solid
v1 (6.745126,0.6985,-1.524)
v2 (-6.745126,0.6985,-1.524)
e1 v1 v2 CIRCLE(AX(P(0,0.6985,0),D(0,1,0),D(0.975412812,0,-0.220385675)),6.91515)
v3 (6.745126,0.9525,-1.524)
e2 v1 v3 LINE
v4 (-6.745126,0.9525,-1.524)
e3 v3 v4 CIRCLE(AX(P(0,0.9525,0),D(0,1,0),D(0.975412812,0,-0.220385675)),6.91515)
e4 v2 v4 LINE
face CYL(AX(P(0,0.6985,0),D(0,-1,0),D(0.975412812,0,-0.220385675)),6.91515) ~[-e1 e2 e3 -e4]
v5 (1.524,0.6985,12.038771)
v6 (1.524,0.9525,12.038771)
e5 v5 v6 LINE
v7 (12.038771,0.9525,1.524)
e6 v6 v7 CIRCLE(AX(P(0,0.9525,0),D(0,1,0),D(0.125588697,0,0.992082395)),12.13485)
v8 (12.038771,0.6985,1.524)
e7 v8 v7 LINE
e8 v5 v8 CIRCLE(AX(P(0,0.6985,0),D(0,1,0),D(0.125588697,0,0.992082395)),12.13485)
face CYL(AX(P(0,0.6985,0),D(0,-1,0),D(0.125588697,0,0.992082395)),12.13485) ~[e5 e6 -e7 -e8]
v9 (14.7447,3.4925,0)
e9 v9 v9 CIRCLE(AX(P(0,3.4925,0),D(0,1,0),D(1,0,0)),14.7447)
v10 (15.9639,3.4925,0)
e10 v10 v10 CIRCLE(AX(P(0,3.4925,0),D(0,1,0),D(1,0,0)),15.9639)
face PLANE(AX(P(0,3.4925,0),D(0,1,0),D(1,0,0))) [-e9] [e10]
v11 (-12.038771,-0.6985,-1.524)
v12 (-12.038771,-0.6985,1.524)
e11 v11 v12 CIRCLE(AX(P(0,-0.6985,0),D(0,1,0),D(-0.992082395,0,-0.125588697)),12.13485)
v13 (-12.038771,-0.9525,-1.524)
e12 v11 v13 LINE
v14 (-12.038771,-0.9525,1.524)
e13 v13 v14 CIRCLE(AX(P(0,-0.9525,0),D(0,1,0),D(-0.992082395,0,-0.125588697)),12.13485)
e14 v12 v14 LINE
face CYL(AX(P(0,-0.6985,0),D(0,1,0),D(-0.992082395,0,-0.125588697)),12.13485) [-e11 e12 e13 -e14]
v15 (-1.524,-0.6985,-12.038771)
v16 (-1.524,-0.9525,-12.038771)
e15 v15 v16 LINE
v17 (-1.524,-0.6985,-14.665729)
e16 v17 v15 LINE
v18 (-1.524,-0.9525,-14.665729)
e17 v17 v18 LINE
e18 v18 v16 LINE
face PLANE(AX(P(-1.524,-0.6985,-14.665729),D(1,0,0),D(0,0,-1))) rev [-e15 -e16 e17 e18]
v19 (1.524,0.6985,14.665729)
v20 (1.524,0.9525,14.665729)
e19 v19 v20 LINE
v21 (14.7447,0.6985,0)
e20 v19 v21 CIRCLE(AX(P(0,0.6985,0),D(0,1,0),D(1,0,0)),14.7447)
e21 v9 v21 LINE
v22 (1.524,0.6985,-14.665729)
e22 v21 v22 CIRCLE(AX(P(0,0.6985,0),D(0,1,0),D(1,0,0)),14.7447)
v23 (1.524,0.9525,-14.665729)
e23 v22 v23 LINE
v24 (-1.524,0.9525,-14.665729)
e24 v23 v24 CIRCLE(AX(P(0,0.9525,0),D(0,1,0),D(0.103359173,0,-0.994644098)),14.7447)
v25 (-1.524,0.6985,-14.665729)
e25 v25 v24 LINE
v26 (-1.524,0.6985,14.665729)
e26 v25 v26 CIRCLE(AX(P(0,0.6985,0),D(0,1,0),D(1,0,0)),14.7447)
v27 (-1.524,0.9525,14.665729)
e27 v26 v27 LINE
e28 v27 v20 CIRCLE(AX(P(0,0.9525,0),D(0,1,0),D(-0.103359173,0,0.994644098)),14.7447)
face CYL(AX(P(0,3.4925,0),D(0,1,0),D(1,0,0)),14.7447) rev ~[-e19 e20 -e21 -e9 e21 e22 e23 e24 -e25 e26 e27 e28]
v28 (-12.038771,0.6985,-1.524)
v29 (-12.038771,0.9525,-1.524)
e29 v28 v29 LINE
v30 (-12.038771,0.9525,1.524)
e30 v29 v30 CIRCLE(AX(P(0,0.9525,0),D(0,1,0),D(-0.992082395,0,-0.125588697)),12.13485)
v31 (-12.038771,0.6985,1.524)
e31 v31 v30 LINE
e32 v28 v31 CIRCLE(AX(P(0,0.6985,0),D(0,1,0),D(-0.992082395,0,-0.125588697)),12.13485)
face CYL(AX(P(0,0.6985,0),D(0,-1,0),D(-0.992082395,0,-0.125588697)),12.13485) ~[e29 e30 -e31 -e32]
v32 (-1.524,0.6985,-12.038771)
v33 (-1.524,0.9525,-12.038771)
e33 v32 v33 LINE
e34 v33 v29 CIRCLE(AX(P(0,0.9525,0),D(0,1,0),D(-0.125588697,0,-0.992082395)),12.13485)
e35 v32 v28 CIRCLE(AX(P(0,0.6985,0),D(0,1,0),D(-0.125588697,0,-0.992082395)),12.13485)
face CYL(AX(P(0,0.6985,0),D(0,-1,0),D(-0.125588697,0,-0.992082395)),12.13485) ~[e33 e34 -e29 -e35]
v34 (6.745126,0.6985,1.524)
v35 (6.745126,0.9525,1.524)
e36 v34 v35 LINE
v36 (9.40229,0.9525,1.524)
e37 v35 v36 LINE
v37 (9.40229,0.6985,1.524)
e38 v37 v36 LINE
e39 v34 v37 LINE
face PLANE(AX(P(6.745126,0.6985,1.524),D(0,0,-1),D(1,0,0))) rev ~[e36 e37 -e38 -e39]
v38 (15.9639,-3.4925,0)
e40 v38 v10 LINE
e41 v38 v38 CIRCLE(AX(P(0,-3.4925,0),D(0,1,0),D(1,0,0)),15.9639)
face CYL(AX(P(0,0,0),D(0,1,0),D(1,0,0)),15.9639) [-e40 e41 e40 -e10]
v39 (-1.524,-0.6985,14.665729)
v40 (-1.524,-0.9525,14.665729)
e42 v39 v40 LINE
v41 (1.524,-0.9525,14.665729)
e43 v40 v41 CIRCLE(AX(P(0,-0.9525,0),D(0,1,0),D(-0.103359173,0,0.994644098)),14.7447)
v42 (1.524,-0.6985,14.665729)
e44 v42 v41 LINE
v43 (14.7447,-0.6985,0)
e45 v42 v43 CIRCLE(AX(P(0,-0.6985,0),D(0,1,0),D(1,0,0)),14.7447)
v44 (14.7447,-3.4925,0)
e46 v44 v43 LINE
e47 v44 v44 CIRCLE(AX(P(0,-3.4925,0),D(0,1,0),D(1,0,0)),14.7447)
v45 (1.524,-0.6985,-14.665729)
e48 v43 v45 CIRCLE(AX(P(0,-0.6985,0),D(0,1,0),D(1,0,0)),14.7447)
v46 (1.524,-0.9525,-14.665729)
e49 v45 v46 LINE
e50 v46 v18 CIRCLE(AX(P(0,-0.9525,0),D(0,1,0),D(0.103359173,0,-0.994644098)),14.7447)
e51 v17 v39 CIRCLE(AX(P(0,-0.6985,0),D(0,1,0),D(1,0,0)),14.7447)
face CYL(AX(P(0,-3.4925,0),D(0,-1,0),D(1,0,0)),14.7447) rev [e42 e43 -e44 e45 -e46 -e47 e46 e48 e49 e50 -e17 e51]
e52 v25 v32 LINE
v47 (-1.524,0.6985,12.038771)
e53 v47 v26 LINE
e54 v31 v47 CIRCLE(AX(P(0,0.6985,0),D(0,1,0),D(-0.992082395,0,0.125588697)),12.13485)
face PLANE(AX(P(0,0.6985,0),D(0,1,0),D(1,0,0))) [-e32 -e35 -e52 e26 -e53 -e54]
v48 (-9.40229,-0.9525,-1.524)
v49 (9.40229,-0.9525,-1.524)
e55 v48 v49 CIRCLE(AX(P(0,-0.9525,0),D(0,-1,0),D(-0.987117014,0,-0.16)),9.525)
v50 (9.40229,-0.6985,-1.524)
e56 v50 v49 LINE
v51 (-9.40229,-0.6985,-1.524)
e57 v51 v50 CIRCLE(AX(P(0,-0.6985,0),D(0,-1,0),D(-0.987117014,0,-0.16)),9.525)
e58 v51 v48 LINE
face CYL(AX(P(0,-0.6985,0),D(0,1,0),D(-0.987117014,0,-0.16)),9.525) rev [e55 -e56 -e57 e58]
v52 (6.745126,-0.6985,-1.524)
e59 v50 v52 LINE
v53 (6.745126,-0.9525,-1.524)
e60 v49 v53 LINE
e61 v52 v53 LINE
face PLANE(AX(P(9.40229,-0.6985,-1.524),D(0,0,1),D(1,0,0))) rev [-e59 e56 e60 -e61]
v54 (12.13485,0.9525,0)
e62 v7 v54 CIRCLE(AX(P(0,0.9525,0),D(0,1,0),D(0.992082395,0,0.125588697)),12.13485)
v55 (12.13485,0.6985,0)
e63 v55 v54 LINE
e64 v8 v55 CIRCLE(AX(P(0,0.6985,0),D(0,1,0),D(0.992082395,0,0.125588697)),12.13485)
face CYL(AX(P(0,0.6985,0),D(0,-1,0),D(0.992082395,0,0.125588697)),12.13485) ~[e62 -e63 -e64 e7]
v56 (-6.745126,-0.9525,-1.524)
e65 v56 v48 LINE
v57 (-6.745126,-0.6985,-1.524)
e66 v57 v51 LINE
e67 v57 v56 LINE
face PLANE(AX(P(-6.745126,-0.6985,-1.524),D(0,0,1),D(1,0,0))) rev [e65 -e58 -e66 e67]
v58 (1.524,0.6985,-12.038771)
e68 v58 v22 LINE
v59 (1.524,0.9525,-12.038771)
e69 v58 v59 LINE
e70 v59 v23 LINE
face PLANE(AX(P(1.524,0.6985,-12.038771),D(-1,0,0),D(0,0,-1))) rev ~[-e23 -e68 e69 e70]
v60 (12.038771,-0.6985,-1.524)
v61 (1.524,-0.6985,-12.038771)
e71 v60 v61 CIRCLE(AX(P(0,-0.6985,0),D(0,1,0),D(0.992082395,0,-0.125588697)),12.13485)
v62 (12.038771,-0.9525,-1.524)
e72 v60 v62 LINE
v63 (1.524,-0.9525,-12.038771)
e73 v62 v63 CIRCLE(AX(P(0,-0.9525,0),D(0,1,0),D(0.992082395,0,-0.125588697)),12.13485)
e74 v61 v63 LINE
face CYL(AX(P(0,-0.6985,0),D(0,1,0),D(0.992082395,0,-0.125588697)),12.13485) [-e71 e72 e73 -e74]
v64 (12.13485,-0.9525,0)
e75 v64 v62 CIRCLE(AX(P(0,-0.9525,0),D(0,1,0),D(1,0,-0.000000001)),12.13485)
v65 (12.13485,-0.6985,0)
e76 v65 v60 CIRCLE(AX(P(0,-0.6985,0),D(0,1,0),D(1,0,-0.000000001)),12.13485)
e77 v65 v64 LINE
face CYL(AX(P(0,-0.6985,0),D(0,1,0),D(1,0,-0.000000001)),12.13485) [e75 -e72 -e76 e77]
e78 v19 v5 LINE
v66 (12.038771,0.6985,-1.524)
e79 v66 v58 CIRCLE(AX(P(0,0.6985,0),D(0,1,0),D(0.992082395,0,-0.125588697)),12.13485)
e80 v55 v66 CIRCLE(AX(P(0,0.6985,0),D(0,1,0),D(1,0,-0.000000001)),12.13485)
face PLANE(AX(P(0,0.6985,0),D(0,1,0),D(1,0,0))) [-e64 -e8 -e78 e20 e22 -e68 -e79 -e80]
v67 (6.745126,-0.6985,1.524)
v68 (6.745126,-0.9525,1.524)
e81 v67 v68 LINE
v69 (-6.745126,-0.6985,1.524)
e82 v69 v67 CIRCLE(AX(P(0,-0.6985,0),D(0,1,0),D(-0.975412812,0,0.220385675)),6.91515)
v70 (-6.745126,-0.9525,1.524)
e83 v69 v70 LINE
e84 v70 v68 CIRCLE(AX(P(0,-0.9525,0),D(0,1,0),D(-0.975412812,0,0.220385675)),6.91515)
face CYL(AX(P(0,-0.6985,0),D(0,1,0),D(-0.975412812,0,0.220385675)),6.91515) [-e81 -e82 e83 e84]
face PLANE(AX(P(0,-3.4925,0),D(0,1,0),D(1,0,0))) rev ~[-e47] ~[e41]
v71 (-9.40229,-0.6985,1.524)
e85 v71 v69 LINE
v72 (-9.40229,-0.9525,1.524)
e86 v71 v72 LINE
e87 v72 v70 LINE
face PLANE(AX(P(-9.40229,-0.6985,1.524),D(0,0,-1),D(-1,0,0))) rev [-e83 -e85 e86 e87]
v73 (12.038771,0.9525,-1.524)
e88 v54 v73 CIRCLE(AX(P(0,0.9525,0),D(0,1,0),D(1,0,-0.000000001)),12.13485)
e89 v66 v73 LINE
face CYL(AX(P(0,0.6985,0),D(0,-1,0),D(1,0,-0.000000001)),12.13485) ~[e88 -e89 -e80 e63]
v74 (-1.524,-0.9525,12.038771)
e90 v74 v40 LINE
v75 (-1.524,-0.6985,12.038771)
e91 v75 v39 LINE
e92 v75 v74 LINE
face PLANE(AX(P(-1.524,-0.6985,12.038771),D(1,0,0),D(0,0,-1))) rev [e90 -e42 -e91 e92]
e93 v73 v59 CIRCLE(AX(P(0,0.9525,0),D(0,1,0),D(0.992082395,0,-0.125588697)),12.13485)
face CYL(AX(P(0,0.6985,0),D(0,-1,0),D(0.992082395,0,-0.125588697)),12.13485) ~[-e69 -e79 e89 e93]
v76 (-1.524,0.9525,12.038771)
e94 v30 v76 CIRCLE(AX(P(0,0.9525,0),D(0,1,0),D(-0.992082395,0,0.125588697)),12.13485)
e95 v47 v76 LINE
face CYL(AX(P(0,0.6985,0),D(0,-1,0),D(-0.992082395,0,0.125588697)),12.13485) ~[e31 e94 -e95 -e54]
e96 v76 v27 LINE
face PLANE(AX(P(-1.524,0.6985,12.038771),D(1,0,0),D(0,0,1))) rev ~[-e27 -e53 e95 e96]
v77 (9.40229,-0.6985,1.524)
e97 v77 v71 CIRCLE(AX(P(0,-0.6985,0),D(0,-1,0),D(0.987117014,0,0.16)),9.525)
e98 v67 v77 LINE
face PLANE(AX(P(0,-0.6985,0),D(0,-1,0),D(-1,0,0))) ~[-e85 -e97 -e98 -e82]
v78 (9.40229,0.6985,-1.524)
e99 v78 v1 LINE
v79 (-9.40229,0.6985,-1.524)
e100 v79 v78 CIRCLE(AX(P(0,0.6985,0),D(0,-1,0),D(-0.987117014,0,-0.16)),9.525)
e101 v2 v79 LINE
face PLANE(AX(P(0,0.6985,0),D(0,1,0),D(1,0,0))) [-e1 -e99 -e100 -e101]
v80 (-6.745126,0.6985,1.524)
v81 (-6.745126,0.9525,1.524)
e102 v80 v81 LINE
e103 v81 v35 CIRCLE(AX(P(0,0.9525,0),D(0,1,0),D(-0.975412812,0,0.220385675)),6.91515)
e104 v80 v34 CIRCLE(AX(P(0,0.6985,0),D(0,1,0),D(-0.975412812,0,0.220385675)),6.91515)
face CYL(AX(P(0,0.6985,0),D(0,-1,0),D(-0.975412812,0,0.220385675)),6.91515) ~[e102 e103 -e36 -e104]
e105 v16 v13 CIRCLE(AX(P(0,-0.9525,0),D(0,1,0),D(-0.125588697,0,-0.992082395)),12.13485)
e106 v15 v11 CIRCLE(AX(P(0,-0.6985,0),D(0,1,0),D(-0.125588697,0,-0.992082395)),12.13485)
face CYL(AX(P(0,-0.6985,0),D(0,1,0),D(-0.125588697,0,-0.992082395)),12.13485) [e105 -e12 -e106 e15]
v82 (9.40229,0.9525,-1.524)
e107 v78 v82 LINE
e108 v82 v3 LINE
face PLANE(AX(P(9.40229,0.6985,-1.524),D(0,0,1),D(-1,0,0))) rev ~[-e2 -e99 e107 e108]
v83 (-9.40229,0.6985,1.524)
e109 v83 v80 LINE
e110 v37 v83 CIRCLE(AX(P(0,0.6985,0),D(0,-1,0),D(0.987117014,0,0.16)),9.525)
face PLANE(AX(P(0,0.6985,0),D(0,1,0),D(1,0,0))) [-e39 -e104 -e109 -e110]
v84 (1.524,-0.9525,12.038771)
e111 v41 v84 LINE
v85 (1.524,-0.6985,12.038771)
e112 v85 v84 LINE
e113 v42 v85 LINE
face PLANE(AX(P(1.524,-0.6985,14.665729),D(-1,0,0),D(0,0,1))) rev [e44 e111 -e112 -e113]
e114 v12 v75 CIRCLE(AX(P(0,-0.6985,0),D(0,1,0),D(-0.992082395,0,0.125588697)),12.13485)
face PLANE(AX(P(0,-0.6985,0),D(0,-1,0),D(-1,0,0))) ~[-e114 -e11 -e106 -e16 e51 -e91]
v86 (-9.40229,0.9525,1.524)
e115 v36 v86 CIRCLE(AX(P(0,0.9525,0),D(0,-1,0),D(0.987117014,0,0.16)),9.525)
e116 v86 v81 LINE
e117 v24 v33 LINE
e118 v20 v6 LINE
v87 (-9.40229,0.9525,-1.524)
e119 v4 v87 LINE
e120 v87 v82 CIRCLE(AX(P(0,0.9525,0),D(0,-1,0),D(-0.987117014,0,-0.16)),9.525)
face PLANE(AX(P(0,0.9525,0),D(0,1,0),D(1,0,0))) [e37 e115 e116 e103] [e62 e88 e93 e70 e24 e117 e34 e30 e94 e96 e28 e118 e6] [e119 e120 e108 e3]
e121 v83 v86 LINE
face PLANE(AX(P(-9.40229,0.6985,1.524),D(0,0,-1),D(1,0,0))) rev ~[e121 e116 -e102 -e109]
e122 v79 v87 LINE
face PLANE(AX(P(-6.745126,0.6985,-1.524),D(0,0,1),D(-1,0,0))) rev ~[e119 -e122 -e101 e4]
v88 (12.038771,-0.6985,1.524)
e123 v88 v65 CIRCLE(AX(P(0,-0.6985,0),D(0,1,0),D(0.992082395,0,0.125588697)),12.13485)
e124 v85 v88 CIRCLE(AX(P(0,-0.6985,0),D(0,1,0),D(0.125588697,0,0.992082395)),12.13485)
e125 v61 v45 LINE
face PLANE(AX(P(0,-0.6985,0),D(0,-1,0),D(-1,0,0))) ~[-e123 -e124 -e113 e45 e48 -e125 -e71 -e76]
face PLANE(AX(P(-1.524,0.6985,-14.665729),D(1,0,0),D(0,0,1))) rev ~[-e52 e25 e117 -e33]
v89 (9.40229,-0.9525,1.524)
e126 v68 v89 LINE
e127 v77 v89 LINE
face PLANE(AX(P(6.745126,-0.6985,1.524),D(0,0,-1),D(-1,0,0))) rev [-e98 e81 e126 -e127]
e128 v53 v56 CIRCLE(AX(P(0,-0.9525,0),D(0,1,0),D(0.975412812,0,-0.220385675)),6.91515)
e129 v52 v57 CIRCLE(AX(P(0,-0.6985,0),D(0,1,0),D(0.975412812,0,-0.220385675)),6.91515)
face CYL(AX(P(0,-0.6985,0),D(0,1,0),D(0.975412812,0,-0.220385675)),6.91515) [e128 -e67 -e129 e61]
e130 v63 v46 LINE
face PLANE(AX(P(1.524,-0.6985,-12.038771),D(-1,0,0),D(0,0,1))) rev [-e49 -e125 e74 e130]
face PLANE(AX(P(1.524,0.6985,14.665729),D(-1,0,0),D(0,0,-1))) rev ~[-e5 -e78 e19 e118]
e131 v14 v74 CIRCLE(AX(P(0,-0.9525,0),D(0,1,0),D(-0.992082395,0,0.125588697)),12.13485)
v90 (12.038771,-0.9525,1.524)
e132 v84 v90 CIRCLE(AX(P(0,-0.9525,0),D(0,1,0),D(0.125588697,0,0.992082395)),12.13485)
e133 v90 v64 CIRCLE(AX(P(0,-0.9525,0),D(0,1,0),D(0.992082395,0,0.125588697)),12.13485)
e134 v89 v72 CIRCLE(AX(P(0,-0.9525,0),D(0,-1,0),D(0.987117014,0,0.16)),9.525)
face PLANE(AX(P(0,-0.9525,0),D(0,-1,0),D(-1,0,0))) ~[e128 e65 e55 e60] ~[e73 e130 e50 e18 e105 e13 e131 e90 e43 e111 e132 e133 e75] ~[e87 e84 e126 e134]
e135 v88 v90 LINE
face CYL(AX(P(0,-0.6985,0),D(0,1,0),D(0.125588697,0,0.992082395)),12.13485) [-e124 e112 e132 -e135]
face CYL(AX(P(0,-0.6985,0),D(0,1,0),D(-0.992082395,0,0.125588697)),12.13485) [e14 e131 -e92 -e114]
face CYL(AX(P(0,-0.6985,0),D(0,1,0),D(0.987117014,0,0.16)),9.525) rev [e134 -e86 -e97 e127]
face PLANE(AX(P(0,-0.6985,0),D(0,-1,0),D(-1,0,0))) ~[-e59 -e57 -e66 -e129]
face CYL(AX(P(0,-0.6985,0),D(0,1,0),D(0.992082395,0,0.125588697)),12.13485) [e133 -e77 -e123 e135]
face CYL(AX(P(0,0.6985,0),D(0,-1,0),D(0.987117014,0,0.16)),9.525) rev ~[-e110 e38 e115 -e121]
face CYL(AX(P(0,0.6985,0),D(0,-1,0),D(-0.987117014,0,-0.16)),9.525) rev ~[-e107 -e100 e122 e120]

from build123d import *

# Parameters (mm, degrees)
SKETCH1_R           = 15.9639
BOSS_EXTRUDE1_DEPTH = 3.4925
SKETCH2_R           = 14.7447
CUT_EXTRUDE1_DEPTH  = 2.794
BOSS_EXTRUDE2_DEPTH = 0.254


with BuildPart() as part:
    # Sketch1 → Boss-Extrude1 (new body, symmetric)
    with BuildSketch(Plane(origin=(0, 0, 0), x_dir=(1, 0, 0), z_dir=(0, 1, 0))):
        Circle(SKETCH1_R)
    extrude(amount=BOSS_EXTRUDE1_DEPTH, both=True)

    # Sketch2 → Cut-Extrude1 (cut)
    with BuildSketch(Plane(origin=(0, 3.4925, 0), x_dir=(1, 0, 0), z_dir=(0, 1, 0))):
        Circle(SKETCH2_R)
    cut_extrude1 = extrude(amount=-CUT_EXTRUDE1_DEPTH, mode=Mode.SUBTRACT)

    # Sketch3 → Boss-Extrude2 (add)
    with BuildSketch(Plane(origin=(0, 0.6985, 0), x_dir=(1, 0, 0), z_dir=(0, 1, 0))):
        with BuildLine():
            ThreePointArc((6.745125909, 1.524), (0, 6.91515), (-6.745125909, 1.524))
            Line((-6.745125909, 1.524), (-6.745125909, -1.524))
            ThreePointArc((-6.745125909, -1.524), (0, -6.91515), (6.745125909, -1.524))
            Line((6.745125909, -1.524), (6.745125909, 1.524))
        make_face()
        with BuildLine():
            ThreePointArc((-12.038771055, -1.524), (-8.580634724, -8.580634724), (-1.524, -12.038771055))
            Line((-1.524, -12.038771055), (1.524, -12.038771055))
            ThreePointArc((1.524, -12.038771055), (8.580634724, -8.580634724), (12.038771055, -1.524))
            Line((12.038771055, -1.524), (9.402289562, -1.524))
            ThreePointArc((9.402289562, -1.524), (0, -9.525), (-9.402289562, -1.524))
            Line((-9.402289562, -1.524), (-12.038771055, -1.524))
        make_face()
        with BuildLine():
            Line((1.524, 12.038771055), (-1.524, 12.038771055))
            ThreePointArc((-1.524, 12.038771055), (-8.580634724, 8.580634724), (-12.038771055, 1.524))
            Line((-12.038771055, 1.524), (-9.402289562, 1.524))
            ThreePointArc((-9.402289562, 1.524), (0, 9.525), (9.402289562, 1.524))
            Line((9.402289562, 1.524), (12.038771055, 1.524))
            ThreePointArc((12.038771055, 1.524), (8.580634724, 8.580634724), (1.524, 12.038771055))
        make_face()
        with BuildLine():
            ThreePointArc((1.524, 14.665728829), (0, 14.7447), (-1.524, 14.665728829))
            Line((-1.524, 14.665728829), (-1.524, 12.038771055))
            ThreePointArc((-1.524, 12.038771055), (0, 12.13485), (1.524, 12.038771055))
            Line((1.524, 12.038771055), (1.524, 14.665728829))
        make_face()
        with BuildLine():
            Line((-6.745125909, 1.524), (-9.402289562, 1.524))
            ThreePointArc((-9.402289562, 1.524), (-9.525, 0), (-9.402289562, -1.524))
            Line((-9.402289562, -1.524), (-6.745125909, -1.524))
            ThreePointArc((-6.745125909, -1.524), (-6.91515, 0), (-6.745125909, 1.524))
        make_face()
        with BuildLine():
            ThreePointArc((9.525, 0), (9.494272828, 0.764466129), (9.402289562, 1.524))
            Line((9.402289562, 1.524), (6.745125909, 1.524))
            ThreePointArc((6.745125909, 1.524), (6.87251253, 0.766727493), (6.91515, 0))
            ThreePointArc((6.91515, 0), (6.87251253, -0.766727493), (6.745125909, -1.524))
            Line((6.745125909, -1.524), (9.402289562, -1.524))
            ThreePointArc((9.402289562, -1.524), (9.494272828, -0.764466129), (9.525, 0))
        make_face()
        with BuildLine():
            Line((-1.524, -12.038771055), (-1.524, -14.665728829))
            ThreePointArc((-1.524, -14.665728829), (0, -14.7447), (1.524, -14.665728829))
            Line((1.524, -14.665728829), (1.524, -12.038771055))
            ThreePointArc((1.524, -12.038771055), (0, -12.13485), (-1.524, -12.038771055))
        make_face()
        with BuildLine():
            Line((-9.402289562, 1.524), (-12.038771055, 1.524))
            Line((-12.038771055, 1.524), (-12.038771055, -1.524))
            Line((-12.038771055, -1.524), (-9.402289562, -1.524))
            ThreePointArc((-9.402289562, -1.524), (-9.525, 0), (-9.402289562, 1.524))
        make_face()
        with BuildLine():
            Line((12.038771055, -1.524), (12.038771055, 1.524))
            Line((12.038771055, 1.524), (9.402289562, 1.524))
            ThreePointArc((9.402289562, 1.524), (9.494272828, 0.764466129), (9.525, 0))
            ThreePointArc((9.525, 0), (9.494272828, -0.764466129), (9.402289562, -1.524))
            Line((9.402289562, -1.524), (12.038771055, -1.524))
        make_face()
        with BuildLine():
            ThreePointArc((12.13485, 0), (12.110806444, 0.763512797), (12.038771055, 1.524))
            Line((12.038771055, 1.524), (12.038771055, -1.524))
            ThreePointArc((12.038771055, -1.524), (12.110806444, -0.763512797), (12.13485, 0))
        make_face()
        with BuildLine():
            ThreePointArc((6.91515, 0), (6.87251253, 0.766727493), (6.745125909, 1.524))
            Line((6.745125909, 1.524), (6.745125909, -1.524))
            ThreePointArc((6.745125909, -1.524), (6.87251253, -0.766727493), (6.91515, 0))
        make_face()
        with BuildLine():
            Line((-6.745125909, -1.524), (-6.745125909, 1.524))
            ThreePointArc((-6.745125909, 1.524), (-6.91515, 0), (-6.745125909, -1.524))
        make_face()
        with BuildLine():
            Line((-12.038771055, -1.524), (-12.038771055, 1.524))
            ThreePointArc((-12.038771055, 1.524), (-12.13485, 0), (-12.038771055, -1.524))
        make_face()
        with BuildLine():
            Line((1.524, -12.038771055), (-1.524, -12.038771055))
            ThreePointArc((-1.524, -12.038771055), (0, -12.13485), (1.524, -12.038771055))
        make_face()
        with BuildLine():
            ThreePointArc((1.524, 12.038771055), (0, 12.13485), (-1.524, 12.038771055))
            Line((-1.524, 12.038771055), (1.524, 12.038771055))
        make_face()
    boss_extrude2 = extrude(amount=BOSS_EXTRUDE2_DEPTH)

    # Mirror1: Cut-Extrude1, Boss-Extrude2 across plane
    add(cut_extrude1.mirror(Plane.ZX), mode=Mode.SUBTRACT)
    add(boss_extrude2.mirror(Plane.ZX))


solid = part.part
